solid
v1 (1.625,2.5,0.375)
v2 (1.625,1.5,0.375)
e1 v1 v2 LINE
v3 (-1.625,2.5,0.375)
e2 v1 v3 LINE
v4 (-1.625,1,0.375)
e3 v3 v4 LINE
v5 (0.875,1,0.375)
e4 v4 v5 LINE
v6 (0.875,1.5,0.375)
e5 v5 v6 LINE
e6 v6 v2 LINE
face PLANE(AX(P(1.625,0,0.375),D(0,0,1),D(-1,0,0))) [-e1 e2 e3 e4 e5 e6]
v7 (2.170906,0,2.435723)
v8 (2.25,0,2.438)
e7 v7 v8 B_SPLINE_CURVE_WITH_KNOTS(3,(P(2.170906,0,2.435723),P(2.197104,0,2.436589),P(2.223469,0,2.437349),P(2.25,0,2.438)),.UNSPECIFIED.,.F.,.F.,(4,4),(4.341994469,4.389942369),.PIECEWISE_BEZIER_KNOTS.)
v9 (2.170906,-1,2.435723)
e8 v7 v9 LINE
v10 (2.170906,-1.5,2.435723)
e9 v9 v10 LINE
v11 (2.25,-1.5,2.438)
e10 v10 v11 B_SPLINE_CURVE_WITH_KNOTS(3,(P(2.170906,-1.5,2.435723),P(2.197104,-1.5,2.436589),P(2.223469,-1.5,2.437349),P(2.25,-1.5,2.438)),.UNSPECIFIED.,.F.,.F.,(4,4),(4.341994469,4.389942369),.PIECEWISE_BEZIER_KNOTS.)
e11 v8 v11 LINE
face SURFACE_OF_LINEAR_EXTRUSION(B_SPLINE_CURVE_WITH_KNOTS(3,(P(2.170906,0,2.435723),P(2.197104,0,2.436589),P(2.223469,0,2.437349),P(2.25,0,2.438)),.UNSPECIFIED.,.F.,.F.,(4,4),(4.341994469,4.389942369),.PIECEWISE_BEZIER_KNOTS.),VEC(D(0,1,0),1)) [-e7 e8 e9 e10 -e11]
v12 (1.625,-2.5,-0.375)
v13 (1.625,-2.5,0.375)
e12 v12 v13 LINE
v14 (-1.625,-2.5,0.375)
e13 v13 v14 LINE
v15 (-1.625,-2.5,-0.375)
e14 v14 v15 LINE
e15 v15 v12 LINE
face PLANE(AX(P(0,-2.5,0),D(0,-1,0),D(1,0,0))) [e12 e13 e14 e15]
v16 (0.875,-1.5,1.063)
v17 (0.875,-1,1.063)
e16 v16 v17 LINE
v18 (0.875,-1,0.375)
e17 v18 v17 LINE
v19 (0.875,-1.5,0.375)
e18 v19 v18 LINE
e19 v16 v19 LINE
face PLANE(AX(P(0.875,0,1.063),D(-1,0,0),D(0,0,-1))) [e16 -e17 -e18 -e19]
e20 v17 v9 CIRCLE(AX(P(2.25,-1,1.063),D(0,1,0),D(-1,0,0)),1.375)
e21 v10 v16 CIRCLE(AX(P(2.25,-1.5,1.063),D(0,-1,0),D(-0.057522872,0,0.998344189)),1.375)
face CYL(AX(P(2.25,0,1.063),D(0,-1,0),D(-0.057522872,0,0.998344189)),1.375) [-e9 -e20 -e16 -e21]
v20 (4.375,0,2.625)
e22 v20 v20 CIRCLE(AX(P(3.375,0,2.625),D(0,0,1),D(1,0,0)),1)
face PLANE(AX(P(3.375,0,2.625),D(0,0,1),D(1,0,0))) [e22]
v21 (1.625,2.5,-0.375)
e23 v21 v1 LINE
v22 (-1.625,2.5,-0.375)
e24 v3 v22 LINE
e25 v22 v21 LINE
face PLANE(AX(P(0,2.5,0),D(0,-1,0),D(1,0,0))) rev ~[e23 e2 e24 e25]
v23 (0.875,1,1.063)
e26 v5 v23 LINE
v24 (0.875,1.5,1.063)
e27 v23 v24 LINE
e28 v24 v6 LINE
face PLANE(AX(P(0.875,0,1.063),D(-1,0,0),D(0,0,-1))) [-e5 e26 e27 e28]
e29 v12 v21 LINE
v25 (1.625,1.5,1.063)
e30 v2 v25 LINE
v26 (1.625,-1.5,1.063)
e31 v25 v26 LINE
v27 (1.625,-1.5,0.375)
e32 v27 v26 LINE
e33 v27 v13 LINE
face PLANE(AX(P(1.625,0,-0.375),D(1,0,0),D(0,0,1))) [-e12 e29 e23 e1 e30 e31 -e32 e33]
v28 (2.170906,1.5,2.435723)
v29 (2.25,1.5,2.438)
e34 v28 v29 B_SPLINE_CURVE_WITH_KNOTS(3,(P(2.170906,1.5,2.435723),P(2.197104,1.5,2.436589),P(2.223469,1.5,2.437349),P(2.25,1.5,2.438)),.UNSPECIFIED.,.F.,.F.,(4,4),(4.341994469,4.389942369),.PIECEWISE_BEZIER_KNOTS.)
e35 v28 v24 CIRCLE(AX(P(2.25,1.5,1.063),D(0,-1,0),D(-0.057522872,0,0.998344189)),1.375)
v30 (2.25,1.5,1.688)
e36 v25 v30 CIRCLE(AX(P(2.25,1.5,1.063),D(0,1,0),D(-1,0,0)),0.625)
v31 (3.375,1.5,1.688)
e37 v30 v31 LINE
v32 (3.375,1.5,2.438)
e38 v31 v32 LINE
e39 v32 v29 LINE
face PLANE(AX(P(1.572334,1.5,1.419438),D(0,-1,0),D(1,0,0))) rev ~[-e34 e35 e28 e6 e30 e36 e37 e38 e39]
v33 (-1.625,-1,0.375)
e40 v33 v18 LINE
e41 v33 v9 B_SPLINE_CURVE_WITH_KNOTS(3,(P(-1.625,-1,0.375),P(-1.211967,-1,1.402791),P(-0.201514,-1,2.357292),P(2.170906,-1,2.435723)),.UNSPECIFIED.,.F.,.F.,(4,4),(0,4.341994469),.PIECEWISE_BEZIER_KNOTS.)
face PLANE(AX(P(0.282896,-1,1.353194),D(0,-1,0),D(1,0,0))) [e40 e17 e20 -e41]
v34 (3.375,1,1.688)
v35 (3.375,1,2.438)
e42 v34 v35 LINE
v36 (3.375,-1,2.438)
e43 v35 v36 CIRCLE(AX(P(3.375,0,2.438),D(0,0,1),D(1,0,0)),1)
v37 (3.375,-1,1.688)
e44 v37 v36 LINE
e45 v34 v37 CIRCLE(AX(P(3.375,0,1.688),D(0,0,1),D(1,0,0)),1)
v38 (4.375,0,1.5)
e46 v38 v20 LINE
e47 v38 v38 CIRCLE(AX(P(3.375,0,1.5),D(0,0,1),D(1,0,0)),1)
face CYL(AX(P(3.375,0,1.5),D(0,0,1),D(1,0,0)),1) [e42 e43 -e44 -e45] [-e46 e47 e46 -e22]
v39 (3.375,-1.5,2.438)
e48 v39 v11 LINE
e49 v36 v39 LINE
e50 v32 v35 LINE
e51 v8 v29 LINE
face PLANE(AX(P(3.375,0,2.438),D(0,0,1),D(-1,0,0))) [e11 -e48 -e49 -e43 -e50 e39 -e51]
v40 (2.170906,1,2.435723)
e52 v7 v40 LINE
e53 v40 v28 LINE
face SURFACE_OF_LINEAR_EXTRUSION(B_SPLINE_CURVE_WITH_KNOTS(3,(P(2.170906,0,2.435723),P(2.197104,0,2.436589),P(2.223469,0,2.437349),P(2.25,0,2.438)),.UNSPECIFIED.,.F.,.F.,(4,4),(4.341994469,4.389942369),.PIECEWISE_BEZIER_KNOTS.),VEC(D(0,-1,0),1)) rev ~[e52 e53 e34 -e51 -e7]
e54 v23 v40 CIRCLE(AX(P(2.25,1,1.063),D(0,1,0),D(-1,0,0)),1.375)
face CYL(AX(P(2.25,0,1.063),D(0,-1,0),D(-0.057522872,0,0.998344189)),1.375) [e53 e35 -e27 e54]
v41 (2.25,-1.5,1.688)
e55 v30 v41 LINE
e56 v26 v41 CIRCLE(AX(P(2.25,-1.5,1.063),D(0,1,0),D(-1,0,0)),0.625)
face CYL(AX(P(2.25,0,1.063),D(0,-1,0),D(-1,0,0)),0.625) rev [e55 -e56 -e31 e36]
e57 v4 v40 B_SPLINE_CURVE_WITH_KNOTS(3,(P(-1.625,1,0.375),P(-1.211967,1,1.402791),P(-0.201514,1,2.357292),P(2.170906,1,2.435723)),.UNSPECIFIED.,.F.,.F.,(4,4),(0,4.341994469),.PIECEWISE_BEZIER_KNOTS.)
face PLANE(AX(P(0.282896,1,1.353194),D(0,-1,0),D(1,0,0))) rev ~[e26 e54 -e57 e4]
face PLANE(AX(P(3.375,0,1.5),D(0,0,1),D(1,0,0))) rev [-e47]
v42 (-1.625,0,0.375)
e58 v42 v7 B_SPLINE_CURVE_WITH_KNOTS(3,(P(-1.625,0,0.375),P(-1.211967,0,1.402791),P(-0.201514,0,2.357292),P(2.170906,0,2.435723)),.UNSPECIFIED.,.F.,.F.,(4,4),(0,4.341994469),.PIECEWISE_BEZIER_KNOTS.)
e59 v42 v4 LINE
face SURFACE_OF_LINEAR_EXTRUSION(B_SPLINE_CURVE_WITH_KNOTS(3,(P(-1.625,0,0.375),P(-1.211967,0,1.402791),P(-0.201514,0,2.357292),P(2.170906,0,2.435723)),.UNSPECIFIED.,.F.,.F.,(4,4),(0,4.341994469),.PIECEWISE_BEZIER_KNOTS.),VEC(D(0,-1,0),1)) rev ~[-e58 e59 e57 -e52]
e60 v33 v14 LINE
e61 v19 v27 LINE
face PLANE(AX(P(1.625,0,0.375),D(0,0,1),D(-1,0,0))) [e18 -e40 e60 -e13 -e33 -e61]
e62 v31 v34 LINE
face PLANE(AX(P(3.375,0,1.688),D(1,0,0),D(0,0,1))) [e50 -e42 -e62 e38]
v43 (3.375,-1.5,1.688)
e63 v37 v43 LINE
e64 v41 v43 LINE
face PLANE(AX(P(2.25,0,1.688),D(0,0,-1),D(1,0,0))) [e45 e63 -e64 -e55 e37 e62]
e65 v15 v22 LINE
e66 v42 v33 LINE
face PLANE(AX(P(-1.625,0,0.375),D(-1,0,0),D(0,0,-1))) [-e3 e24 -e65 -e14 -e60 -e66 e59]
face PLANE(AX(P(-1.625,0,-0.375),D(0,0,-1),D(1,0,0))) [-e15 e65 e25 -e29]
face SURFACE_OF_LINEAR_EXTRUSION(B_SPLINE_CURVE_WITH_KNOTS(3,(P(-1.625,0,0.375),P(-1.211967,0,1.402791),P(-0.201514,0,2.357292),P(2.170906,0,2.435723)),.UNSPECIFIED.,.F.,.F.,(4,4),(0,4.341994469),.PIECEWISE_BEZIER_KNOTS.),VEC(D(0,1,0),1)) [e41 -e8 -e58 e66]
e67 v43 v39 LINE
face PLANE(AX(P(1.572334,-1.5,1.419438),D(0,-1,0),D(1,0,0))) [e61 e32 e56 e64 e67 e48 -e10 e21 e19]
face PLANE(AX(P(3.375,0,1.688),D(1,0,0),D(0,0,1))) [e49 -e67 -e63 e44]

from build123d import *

# Parameters (mm, degrees)
F1_DEPTH = 2.5
F0_W     = 1
F0_H     = 0.75
F2_DEPTH = 1.5
F3_DEPTH = 1


with BuildPart() as f1:
    # F0 (on Front) → F1 (new body, symmetric)
    with BuildSketch(Plane.XZ):
        Polygon((1.625, -0.375), (1.625, 0.375), (0.875, 0.375), (-1.625, 0.375), (-1.625, -0.375), align=None)
    extrude(amount=F1_DEPTH, both=True)

    # F0 (on Front) → F2 (join, symmetric)
    with BuildSketch(Plane.XZ):
        with BuildLine():
            Line((0.875, 0.375), (1.625, 0.375))
            Line((1.625, 0.375), (1.625, 1.063))
            ThreePointArc((1.625, 1.063), (1.8080582618, 1.5049417382), (2.25, 1.688))
            Line((2.25, 1.688), (2.375, 1.688))
            Line((2.375, 1.688), (2.375, 2.438))
            Line((2.375, 2.438), (2.25, 2.438))
            add(Edge.make_bspline(
                [(2.170906051, 2.4357232595), (2.1971042738, 2.4365893648), (2.2234685803, 2.4373486386), (2.25, 2.438)],
                knots=[4.3419944686, 4.3419944686, 4.3419944686, 4.3419944686, 4.3899423686, 4.3899423686, 4.3899423686, 4.3899423686], degree=3))
            ThreePointArc((2.170906051, 2.4357232595), (1.2501552171, 2.0068937493), (0.875, 1.063))
            Line((0.875, 1.063), (0.875, 0.375))
        make_face()
        with Locations((2.875, 2.063)):
            Rectangle(F0_W, F0_H)
    extrude(amount=F2_DEPTH, both=True)

    # F0 (on Front) → F3 (join, symmetric)
    with BuildSketch(Plane.XZ):
        with BuildLine():
            Line((-1.625, 0.375), (0.875, 0.375))
            Line((0.875, 0.375), (0.875, 1.063))
            ThreePointArc((0.875, 1.063), (1.2501552171, 2.0068937493), (2.170906051, 2.4357232595))
            add(Edge.make_bspline(
                [(-1.625, 0.375), (-1.2119672171, 1.4027909671), (-0.2015135657, 2.3572917876), (2.170906051, 2.4357232595)],
                knots=[0, 0, 0, 0, 4.3419944686, 4.3419944686, 4.3419944686, 4.3419944686], degree=3))
        make_face()
    extrude(amount=F3_DEPTH, both=True)

    # F0 (on Front) → F4 (revolve)
    with BuildSketch(Plane.XZ):
        Polygon((3.375, 2.438), (3.375, 1.688), (3.375, 1.5), (4.375, 1.5), (4.375, 2.625), (3.375, 2.625), align=None)
    revolve(axis=Axis((3.375, 0, 2.0625), (0, 0, 1)))


solid = f1.part
